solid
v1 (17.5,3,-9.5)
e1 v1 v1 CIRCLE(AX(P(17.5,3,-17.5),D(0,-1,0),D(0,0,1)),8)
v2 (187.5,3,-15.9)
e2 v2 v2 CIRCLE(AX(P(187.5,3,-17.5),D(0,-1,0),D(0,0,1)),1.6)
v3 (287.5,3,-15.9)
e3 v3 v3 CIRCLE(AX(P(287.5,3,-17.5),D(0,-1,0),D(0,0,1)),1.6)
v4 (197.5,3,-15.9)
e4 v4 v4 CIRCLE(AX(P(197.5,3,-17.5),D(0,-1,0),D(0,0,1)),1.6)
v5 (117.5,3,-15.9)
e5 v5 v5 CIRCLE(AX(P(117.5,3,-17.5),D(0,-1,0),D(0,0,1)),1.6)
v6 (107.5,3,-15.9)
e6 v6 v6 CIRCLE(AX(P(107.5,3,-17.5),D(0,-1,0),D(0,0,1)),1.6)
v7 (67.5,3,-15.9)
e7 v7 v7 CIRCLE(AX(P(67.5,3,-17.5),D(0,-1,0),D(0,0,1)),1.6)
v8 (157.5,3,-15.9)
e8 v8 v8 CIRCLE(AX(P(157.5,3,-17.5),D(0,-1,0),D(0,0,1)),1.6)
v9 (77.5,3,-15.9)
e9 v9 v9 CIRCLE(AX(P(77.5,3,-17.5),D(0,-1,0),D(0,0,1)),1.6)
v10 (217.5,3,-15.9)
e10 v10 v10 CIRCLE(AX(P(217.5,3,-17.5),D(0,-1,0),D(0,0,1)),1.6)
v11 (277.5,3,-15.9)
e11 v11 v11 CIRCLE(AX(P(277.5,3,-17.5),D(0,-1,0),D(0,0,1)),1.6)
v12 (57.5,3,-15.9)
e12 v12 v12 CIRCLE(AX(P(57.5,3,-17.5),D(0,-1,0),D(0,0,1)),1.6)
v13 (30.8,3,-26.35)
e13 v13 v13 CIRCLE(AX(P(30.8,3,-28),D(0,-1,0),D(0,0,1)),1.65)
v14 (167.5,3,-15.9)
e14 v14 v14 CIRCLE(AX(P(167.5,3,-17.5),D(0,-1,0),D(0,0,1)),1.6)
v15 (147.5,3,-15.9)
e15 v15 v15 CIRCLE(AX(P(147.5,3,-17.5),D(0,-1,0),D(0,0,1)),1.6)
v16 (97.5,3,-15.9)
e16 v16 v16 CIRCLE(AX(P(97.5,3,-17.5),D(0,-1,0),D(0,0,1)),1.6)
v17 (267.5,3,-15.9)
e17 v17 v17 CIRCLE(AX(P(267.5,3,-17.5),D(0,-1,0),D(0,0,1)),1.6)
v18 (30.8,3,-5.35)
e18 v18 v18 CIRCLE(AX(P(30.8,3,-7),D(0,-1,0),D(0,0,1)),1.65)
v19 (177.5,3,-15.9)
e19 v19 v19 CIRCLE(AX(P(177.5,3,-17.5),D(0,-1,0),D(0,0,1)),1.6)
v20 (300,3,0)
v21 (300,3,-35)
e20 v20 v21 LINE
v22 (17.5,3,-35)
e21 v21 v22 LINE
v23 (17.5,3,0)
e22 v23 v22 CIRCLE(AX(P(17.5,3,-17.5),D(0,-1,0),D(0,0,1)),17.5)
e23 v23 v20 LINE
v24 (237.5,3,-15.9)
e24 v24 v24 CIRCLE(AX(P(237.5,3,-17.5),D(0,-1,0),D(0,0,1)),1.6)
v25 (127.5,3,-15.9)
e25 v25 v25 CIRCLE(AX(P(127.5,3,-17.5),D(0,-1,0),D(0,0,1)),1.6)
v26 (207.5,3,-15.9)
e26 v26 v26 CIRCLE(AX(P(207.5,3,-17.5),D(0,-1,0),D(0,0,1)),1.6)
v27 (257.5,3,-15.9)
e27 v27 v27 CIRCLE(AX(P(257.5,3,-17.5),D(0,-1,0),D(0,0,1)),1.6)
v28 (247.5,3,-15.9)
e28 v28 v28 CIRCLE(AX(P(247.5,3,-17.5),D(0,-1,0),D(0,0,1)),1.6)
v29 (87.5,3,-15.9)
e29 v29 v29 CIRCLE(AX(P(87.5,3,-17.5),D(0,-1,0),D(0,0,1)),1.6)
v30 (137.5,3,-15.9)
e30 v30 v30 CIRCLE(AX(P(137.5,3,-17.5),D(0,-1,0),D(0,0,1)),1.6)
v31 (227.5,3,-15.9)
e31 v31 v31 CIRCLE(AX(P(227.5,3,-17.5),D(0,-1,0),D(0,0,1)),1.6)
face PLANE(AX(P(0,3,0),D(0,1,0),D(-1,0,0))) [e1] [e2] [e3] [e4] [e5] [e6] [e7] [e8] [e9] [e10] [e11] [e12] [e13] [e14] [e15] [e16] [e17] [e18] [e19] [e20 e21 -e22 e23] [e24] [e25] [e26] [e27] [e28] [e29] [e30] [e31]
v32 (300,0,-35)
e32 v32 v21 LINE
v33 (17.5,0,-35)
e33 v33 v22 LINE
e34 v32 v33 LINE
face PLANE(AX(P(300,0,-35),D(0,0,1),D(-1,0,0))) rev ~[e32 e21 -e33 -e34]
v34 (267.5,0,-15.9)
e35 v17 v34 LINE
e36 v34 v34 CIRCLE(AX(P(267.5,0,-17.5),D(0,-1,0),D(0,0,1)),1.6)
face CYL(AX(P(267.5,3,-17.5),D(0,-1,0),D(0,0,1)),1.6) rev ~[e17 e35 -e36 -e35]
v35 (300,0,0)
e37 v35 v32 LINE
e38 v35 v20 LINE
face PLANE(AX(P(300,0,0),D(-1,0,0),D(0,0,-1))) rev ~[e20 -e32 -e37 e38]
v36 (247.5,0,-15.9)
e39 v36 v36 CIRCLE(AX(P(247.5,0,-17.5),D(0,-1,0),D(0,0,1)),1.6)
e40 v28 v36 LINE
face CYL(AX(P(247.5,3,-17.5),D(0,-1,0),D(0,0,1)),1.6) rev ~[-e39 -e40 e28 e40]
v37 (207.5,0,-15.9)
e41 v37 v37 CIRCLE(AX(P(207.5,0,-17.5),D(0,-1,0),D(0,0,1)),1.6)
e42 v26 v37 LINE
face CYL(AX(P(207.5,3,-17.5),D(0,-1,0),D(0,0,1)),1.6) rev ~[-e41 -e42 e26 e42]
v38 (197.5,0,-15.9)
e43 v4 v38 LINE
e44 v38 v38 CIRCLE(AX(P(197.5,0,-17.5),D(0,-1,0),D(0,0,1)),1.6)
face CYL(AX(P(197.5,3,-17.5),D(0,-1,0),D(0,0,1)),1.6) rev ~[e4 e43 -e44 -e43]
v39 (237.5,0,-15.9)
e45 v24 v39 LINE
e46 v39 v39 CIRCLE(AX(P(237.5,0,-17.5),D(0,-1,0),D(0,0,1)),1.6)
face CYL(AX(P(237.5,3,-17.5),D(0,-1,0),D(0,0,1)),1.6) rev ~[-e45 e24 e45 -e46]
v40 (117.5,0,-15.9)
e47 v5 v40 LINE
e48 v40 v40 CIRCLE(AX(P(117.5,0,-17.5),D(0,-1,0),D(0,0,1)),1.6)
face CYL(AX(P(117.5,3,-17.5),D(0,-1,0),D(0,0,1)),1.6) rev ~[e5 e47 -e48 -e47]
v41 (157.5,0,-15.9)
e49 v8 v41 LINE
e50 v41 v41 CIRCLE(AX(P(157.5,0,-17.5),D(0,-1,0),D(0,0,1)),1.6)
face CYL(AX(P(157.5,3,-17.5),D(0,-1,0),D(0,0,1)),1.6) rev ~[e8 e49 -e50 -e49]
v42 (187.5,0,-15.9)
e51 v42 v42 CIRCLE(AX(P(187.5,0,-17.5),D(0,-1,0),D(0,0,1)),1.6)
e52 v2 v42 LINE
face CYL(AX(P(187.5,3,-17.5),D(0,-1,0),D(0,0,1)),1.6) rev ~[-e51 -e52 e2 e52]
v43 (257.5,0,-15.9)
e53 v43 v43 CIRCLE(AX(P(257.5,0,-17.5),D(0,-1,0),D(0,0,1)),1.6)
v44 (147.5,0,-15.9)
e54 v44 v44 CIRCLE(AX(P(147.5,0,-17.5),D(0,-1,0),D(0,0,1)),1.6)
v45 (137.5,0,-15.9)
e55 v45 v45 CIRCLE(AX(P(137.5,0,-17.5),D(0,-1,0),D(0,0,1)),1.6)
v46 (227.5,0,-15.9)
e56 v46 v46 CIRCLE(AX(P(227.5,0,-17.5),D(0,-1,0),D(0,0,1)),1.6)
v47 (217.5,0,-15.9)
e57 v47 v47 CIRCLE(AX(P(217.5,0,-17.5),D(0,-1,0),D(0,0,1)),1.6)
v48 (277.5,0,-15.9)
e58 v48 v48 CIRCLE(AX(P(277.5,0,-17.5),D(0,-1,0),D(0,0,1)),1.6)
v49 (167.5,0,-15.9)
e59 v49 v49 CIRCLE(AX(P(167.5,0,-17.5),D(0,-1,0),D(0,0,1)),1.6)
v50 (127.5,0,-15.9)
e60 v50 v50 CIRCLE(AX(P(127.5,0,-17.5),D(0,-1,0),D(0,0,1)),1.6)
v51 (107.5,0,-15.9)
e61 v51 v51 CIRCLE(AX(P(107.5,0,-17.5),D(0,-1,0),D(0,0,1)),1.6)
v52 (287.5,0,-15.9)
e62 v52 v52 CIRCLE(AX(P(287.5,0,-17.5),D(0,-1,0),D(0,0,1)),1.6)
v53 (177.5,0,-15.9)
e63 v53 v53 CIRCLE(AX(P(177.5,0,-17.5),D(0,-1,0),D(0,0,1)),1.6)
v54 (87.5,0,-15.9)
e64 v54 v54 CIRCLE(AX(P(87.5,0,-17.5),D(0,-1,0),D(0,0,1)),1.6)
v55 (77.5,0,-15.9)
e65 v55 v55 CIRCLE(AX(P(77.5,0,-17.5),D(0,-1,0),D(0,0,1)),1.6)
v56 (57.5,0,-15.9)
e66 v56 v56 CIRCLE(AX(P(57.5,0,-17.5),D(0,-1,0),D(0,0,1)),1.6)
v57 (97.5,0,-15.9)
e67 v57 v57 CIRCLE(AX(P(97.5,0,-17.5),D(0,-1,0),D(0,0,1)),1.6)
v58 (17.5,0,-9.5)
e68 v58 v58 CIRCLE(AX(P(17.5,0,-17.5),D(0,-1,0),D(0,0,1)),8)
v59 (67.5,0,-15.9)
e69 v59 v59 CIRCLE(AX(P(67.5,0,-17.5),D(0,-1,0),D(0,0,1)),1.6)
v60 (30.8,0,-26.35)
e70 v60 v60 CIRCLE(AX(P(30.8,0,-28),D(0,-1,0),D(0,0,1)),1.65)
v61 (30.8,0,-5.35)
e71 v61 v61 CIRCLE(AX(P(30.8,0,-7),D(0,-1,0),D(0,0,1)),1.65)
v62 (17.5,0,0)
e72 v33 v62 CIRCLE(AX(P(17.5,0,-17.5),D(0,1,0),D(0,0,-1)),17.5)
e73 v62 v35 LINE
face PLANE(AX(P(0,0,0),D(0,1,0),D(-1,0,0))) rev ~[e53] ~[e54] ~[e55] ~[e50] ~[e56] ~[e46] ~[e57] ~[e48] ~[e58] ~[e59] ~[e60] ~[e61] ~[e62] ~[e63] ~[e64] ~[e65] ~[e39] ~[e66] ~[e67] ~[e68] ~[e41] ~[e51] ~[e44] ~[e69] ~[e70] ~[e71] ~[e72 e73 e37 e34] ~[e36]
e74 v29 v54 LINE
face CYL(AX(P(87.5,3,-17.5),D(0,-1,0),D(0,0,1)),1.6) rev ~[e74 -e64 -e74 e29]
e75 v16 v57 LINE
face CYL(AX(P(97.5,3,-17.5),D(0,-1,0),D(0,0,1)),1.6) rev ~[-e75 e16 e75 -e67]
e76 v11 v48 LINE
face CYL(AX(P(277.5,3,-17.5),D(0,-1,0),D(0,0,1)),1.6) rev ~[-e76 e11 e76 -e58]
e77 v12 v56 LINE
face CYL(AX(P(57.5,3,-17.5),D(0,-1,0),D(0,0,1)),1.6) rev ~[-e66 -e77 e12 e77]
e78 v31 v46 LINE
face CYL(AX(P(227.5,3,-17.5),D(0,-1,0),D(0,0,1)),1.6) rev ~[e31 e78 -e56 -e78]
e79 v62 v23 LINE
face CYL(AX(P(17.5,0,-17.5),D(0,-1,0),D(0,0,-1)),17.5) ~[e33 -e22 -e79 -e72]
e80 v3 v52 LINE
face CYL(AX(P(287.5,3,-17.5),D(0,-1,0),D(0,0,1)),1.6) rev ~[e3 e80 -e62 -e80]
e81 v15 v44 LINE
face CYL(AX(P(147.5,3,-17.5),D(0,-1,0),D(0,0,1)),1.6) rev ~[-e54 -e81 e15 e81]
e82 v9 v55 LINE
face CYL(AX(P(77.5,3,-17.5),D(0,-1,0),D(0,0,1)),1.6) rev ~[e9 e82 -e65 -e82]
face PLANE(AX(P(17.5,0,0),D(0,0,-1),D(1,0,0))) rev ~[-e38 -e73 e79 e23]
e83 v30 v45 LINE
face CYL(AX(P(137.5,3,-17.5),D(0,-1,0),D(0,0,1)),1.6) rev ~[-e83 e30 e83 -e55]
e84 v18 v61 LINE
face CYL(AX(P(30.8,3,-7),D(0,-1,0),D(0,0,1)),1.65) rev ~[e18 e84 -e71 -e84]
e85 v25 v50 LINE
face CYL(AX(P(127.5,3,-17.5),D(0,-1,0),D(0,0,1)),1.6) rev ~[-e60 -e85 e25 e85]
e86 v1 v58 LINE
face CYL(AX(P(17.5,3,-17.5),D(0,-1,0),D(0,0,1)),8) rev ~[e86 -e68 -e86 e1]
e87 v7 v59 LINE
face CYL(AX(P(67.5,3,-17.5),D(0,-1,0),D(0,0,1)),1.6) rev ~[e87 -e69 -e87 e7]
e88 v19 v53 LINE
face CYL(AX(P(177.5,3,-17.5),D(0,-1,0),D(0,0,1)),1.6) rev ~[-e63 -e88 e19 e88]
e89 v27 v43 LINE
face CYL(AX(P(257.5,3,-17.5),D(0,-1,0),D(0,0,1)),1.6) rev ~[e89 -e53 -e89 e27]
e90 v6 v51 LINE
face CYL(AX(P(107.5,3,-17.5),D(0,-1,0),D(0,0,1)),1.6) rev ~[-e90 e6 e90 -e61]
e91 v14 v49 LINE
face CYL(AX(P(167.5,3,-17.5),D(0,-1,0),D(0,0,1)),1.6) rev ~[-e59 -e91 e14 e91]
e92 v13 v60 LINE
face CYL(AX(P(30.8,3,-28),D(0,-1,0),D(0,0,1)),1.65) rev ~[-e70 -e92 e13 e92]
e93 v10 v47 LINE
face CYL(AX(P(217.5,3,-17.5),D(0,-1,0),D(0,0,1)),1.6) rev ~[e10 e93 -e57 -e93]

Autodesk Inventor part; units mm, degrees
ref_plane "YZ Plane" through (0, 0, 0) normal (1, 0, 0) x (0, 1, 0)
ref_plane "XZ Plane" through (0, 0, 0) normal (0, 1, 0) x (-1, 0, 0)
ref_plane "XY Plane" through (0, 0, 0) normal (0, 0, 1) x (1, 0, 0)
sketch "スケッチ1" plane through (0, 0, 0) normal (0, 1, 0) x (-1, 0, 0)
  line L0 (0, 0) -> (-300, 0)
  line L1 (-300, 0) -> (-300, -35)
  line L2 (-300, -35) -> (0, -35)
  line L3 (0, -35) -> (0, 0)
  arc A0 (-17.5, -35) -> (-17.5, 0) centre (-17.5, -17.5) ccw
  point P0 (-17.5, -17.5)
  dimension "d0" = 300
  dimension "d1" = 35
  dimension "d2" = 17.5
  dimension "d3" = 17.5
  dimension "d43" = 17.5
extrude "押し出し1" add sketch "スケッチ1" along normal blind 3 contours A0 L2 L1 L0
sketch "スケッチ2" plane through (0, 3, 0) normal (0, 1, 0) x (1, 0, 0)
  arc A0 (17.5, 35) -> (17.5, 0) centre (17.5, 17.5) ccw projected
  line L0 (300, 35) -> (17.5, 35) projected
  point P0 (0, 0)
  point P1 (0, 17.5)
hole "穴1" at (17.5, 3, -17.5) direction (0, -1, 0) diameter 16 end through all
sketch "スケッチ3" plane through (0, 3, 0) normal (0, 1, 0) x (1, 0, 0)
  line L0 (300, 0) -> (300, 35) projected
  arc A0 (17.5, 35) -> (17.5, 0) centre (17.5, 17.5) ccw construction
  line L1 (17.5, 17.5) -> (300, 17.5) construction
  line L2 (300, 0) -> (300, 35) construction
  point P0 (0, 0)
  point P1 (57.5, 17.5)
  point P2 (67.5, 17.5)
  point P3 (77.5, 17.5)
  point P4 (87.5, 17.5)
  point P5 (97.5, 17.5)
  point P6 (107.5, 17.5)
  point P7 (117.5, 17.5)
  point P8 (127.5, 17.5)
  point P9 (137.5, 17.5)
  point P10 (147.5, 17.5)
  point P11 (157.5, 17.5)
  point P12 (167.5, 17.5)
  point P13 (177.5, 17.5)
  point P14 (187.5, 17.5)
  point P15 (197.5, 17.5)
  point P16 (207.5, 17.5)
  point P17 (217.5, 17.5)
  point P18 (227.5, 17.5)
  point P19 (237.5, 17.5)
  point P20 (247.5, 17.5)
  point P21 (257.5, 17.5)
  point P22 (267.5, 17.5)
  point P23 (277.5, 17.5)
  point P24 (287.5, 17.5)
  dimension "d108" = 40
  dimension "d111" = 10
sketch "スケッチ8" plane through (0, 3, 0) normal (0, 1, 0) x (1, 0, 0)
  arc A0 (17.5, 35) -> (17.5, 0) centre (17.5, 17.5) ccw projected
  line L0 (0, 17.5) -> (37.6182, 17.5)
  line L1 (17.5, 0) -> (300, 0) projected
  circle A1 centre (15, 20) radius 8 projected
  point P0 (0, 0)
  point P1 (30.8, 7)
  point P2 (30.8, 28)
  dimension "d84" = 17.5
  dimension "d85" = 10.5
  dimension "d86" = 10.5
  dimension "d88" = 15.8
  dimension "d89" = 15.8
hole "穴6" at (30.8, 3, -7) at (30.8, 3, -28) direction (0, -1, 0) diameter 3.3 end through all
hole "穴7" at (57.5, 3, -17.5) at (67.5, 3, -17.5) at (77.5, 3, -17.5) at (87.5, 3, -17.5) at (97.5, 3, -17.5) at (107.5, 3, -17.5) at (117.5, 3, -17.5) at (127.5, 3, -17.5) at (137.5, 3, -17.5) at (147.5, 3, -17.5) at (157.5, 3, -17.5) at (167.5, 3, -17.5) at (177.5, 3, -17.5) at (187.5, 3, -17.5) at (197.5, 3, -17.5) at (207.5, 3, -17.5) at (217.5, 3, -17.5) at (227.5, 3, -17.5) at (237.5, 3, -17.5) at (247.5, 3, -17.5) at (257.5, 3, -17.5) at (267.5, 3, -17.5) at (277.5, 3, -17.5) at (287.5, 3, -17.5) direction (0, -1, 0) diameter 3.2 end through all
properties part number "shoulder1_plate_top" material "アルミニウム 5052"
